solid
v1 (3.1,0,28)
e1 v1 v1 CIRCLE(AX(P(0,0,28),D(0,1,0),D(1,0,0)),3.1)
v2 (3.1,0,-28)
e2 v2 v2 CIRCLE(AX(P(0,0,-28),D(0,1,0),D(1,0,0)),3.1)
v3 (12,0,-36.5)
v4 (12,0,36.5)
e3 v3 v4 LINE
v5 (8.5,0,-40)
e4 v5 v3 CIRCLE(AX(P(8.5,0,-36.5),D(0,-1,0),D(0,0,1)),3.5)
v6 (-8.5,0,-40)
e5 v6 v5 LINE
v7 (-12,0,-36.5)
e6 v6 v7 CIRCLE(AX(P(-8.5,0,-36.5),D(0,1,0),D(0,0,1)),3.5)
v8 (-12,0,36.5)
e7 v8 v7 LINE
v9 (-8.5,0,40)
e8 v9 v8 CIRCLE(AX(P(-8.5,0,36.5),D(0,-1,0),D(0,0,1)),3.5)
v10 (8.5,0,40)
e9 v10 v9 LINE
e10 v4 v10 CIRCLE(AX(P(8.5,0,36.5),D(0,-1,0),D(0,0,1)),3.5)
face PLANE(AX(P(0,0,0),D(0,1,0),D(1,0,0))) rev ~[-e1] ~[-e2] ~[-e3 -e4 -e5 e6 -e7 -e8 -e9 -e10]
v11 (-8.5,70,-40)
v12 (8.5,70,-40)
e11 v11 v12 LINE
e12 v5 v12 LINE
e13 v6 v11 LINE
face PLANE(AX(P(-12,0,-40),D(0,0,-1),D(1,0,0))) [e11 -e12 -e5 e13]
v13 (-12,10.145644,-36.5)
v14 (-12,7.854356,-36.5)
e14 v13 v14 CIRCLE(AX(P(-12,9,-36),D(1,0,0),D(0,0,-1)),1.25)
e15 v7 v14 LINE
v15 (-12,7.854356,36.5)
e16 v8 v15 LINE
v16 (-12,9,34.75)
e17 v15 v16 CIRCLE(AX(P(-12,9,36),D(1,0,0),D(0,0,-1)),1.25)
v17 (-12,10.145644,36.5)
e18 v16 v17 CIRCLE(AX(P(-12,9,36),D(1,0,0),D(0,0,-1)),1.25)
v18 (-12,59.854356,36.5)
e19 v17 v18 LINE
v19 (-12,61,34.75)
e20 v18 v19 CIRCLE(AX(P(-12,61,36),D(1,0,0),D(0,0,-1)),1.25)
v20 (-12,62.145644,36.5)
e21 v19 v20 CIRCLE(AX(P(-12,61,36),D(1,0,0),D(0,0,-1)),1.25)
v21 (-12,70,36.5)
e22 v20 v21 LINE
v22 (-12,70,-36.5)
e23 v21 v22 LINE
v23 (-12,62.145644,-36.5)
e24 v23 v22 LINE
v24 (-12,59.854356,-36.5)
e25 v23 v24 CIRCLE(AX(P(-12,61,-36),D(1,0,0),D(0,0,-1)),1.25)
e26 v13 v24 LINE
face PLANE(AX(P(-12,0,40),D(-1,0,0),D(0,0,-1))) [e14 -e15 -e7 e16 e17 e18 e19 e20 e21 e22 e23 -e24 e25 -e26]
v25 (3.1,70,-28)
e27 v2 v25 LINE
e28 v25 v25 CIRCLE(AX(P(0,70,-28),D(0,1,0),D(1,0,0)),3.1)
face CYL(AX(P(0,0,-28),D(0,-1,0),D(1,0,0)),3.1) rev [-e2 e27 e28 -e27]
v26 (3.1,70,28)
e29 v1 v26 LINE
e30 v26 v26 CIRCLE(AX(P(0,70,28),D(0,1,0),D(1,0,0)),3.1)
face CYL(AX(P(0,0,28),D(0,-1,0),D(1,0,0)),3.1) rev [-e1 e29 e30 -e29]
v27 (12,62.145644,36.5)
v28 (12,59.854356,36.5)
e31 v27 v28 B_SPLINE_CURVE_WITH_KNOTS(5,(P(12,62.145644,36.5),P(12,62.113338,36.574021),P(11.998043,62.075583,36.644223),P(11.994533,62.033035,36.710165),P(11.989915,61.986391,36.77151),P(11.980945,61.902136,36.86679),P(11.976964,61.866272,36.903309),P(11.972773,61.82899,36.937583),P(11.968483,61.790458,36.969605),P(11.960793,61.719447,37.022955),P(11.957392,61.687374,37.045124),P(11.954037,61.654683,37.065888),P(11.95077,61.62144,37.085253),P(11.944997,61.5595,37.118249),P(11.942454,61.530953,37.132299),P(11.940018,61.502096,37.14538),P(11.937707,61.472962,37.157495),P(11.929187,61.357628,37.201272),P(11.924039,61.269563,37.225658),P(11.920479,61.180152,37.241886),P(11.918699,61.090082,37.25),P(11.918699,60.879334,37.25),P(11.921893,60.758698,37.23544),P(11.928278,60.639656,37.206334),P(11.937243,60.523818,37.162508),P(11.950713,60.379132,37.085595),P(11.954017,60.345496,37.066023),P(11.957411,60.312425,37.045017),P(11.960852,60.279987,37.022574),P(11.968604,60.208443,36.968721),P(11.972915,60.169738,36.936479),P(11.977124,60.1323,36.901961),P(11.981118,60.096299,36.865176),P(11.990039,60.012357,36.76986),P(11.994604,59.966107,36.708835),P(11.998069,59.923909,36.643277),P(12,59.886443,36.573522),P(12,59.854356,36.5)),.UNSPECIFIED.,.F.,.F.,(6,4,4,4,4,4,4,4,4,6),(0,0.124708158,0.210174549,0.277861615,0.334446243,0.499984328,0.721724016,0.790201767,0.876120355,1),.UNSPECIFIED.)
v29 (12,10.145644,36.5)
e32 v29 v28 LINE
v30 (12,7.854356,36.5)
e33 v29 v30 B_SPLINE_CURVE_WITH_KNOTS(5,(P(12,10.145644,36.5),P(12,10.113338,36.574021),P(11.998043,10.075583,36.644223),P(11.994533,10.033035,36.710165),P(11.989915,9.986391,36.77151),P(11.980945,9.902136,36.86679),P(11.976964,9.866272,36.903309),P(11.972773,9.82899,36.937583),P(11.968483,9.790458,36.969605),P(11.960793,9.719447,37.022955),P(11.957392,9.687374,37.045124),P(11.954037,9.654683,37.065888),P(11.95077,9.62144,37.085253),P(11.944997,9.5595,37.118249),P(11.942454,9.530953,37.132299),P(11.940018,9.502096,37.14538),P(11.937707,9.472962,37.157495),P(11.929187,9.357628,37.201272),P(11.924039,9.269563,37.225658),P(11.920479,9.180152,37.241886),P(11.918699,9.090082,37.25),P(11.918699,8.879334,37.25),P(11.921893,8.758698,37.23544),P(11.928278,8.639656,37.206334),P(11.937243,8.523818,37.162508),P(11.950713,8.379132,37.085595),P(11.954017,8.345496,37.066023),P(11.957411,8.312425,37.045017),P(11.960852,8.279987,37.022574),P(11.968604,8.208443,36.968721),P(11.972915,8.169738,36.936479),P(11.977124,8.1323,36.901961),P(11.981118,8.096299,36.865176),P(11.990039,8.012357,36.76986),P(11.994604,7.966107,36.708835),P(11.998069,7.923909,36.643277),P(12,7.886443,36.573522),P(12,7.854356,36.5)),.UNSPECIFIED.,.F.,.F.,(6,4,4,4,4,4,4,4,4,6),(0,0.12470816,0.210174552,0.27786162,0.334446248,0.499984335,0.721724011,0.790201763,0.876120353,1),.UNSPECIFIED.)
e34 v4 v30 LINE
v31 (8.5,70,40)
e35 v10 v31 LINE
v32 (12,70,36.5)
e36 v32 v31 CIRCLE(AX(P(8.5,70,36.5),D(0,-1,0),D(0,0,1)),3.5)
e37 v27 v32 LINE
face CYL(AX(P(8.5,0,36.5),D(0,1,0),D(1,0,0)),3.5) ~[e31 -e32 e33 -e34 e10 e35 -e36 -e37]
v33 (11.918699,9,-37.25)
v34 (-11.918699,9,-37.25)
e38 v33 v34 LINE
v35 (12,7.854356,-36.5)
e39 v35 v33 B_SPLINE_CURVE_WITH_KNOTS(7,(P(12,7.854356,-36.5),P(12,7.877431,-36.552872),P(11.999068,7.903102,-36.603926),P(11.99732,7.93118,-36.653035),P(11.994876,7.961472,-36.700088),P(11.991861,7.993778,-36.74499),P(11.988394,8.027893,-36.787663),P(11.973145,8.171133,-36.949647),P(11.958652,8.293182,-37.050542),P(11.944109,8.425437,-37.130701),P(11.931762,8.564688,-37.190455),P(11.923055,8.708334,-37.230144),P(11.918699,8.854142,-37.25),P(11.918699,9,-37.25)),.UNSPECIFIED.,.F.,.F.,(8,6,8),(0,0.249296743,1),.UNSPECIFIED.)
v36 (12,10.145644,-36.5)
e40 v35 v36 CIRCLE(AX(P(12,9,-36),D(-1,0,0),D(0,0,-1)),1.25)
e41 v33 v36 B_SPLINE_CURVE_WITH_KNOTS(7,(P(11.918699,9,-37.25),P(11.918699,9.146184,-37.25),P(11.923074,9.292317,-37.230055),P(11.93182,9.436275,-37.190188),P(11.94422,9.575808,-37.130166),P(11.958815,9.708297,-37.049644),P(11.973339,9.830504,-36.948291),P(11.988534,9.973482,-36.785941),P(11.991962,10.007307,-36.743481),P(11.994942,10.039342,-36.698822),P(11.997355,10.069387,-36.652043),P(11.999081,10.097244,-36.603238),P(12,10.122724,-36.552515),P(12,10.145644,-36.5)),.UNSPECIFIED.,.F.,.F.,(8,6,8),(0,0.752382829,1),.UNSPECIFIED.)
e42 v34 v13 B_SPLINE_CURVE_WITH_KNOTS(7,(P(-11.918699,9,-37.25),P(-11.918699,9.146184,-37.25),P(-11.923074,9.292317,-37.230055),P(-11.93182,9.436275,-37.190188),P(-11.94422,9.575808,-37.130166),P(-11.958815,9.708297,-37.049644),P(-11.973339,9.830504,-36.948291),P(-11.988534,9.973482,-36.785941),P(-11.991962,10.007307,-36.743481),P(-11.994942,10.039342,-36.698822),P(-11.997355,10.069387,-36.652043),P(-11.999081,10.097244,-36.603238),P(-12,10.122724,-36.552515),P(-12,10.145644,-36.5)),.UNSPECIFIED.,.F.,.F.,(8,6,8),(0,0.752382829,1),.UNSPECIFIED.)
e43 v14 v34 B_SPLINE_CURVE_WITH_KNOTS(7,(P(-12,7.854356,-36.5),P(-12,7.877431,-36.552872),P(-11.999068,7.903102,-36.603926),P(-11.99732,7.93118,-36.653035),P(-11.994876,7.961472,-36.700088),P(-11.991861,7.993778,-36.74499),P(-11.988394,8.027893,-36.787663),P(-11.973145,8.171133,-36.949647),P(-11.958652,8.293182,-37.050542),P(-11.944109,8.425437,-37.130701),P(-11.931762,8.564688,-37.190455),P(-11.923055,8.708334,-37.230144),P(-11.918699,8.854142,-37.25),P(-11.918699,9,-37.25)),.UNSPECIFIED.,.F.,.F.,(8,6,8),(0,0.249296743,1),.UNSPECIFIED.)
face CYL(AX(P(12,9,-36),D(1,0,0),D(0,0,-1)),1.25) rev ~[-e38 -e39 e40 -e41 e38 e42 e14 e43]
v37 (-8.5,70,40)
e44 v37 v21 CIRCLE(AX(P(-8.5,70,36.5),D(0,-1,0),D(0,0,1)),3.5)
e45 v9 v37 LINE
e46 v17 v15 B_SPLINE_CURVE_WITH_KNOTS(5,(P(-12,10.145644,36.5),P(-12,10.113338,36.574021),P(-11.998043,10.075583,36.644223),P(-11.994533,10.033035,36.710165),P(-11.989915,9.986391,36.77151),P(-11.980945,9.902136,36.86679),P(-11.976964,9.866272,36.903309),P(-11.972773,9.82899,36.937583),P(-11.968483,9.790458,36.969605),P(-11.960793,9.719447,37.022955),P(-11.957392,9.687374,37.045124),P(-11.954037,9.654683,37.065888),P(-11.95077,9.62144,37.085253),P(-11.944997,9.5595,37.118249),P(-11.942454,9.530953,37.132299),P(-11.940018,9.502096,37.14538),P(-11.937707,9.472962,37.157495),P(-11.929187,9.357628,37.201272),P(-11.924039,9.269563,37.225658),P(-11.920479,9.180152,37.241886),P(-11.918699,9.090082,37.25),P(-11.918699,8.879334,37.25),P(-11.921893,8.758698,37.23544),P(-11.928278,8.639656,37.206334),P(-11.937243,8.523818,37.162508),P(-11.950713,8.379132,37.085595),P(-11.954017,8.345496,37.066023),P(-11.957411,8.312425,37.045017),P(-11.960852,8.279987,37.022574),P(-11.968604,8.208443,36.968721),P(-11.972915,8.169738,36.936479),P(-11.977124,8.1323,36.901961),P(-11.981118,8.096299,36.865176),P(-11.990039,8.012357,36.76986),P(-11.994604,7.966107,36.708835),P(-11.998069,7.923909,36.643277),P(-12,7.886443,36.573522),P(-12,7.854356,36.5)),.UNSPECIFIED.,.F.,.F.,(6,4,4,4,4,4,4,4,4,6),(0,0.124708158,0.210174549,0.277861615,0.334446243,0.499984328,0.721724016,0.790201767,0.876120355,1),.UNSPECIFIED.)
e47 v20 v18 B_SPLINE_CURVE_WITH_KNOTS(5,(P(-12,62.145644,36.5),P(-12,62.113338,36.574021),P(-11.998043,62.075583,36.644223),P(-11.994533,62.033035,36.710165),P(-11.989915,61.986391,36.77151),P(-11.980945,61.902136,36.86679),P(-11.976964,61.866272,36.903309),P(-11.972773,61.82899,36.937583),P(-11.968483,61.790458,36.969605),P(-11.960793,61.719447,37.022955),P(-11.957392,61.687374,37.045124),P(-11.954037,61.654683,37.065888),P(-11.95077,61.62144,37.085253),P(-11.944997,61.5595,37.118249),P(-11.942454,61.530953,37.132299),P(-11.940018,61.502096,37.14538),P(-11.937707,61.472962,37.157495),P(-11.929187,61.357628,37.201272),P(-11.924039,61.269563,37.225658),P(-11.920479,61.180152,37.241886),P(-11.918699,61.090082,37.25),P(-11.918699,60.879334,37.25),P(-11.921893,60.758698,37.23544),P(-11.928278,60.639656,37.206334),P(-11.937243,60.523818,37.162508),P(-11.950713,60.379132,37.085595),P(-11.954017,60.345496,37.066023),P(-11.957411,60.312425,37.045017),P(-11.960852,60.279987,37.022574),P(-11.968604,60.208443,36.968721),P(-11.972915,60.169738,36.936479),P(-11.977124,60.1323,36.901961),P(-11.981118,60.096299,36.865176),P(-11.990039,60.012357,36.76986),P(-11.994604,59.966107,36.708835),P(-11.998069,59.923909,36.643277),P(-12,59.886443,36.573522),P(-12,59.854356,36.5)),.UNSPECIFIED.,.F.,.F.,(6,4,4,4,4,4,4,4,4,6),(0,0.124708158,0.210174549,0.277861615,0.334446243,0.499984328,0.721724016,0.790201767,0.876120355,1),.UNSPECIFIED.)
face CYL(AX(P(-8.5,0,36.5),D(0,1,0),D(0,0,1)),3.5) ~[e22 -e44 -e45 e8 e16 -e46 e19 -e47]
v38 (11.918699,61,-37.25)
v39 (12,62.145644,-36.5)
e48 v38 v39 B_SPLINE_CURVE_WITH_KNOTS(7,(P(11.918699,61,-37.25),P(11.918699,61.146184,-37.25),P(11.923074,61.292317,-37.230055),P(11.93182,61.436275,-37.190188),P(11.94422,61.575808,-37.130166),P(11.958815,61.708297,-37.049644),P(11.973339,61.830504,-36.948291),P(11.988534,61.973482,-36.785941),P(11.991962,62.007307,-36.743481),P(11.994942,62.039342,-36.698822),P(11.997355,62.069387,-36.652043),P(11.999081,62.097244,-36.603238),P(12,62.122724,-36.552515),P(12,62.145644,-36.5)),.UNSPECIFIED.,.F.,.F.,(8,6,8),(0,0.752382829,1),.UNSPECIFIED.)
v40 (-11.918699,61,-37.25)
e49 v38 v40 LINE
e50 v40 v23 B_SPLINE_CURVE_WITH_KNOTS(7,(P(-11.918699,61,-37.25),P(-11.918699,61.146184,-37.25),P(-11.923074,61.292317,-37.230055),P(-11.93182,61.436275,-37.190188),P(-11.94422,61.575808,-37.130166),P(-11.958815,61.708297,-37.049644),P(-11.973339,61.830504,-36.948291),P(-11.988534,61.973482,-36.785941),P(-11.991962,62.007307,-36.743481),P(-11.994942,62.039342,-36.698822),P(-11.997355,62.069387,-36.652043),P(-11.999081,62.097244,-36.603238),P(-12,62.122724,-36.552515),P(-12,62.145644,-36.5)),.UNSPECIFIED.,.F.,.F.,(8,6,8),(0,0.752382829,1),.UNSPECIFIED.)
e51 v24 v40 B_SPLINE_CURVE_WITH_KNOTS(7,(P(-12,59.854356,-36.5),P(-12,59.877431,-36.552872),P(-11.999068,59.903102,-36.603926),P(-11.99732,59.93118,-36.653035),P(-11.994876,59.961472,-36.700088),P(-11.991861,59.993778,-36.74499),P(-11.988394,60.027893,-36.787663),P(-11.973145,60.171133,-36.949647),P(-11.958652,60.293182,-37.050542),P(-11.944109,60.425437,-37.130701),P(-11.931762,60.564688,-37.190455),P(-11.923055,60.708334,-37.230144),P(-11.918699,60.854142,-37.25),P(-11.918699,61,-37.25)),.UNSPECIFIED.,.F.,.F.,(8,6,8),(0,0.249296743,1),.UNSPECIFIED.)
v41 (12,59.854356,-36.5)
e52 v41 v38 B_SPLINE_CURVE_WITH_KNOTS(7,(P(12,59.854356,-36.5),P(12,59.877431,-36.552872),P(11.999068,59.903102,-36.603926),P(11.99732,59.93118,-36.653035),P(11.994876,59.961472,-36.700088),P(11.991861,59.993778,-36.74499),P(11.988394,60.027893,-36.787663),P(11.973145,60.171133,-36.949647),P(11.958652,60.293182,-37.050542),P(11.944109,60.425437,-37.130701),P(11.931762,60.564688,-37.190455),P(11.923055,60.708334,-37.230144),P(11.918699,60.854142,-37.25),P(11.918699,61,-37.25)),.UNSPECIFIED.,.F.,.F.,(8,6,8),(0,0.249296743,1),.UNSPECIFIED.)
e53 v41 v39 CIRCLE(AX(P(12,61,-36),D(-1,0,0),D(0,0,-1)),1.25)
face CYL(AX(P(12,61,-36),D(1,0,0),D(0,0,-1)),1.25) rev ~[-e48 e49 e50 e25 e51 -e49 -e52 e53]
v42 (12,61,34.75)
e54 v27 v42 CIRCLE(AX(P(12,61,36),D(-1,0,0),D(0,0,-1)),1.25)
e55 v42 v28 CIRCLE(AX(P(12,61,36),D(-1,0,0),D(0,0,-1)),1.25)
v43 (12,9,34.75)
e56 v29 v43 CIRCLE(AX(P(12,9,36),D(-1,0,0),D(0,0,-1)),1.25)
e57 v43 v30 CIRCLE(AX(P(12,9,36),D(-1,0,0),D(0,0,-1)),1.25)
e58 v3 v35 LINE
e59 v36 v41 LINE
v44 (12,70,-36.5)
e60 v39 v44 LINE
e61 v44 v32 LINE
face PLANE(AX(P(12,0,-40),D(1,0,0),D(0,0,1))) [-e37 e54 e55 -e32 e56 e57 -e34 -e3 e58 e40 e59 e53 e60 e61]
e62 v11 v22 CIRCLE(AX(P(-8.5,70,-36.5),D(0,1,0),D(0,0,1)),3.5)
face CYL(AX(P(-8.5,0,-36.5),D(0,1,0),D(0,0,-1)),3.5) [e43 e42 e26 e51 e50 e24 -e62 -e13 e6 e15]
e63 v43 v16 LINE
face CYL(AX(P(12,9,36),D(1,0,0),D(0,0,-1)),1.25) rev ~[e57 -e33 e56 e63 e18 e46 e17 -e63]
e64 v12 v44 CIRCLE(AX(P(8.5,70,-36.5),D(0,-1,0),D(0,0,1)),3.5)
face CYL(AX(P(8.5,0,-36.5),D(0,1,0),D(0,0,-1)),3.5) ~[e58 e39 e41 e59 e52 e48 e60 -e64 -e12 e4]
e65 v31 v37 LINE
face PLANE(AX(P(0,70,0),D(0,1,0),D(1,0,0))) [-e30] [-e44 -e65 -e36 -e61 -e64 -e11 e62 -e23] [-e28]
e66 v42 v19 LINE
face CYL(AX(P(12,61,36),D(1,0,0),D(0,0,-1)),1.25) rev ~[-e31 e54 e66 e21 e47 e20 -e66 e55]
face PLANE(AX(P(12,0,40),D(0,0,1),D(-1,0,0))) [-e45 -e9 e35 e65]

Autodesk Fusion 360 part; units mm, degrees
sketch "Sketch1" plane through (0, 0, 0) normal (0, 1, 0) x (1, 0, 0)
  line L0 (-12, 40) -> (12, 40)
  line L1 (12, 40) -> (12, -40)
  line L2 (12, -40) -> (-12, -40)
  line L3 (-12, -40) -> (-12, 40)
  line L4 (-50, 0) -> (40, 0) construction
  line L5 (0, 60) -> (0, -56.3927) construction
  circle A0 centre (0, -28) radius 3.1
  circle A1 centre (0, 28) radius 3.1
  dimension "d1" = 24
  dimension "d2" = 80
  dimension "d3" = 12
  dimension "d4" = 40
  dimension "d5" = 6.2
  dimension "d6" = 12
  dimension "d7" = 12
extrude "Extrude1" add sketch "Sketch1" along normal blind 70
fillet "Fillet1" radius 3.5 4 edges at (-12, 35, 40) (-12, 35, -40) (12, 35, -40) (12, 35, 40)
sketch "Sketch3" plane through (12, 0, 0) normal (1, 0, 0) x (0, 0, -1)
  line L0 (-36.5, 70) -> (-36.5, 0)
  line L1 (-36.5, 0) -> (36.5, 0)
  line L2 (36.5, 0) -> (36.5, 70)
  line L3 (36.5, 70) -> (-36.5, 70)
  line L4 (36, 9) -> (-36, 9)
  line L5 (-36, 9) -> (-36, 61)
  line L6 (-36, 61) -> (36, 61)
  line L7 (36, 61) -> (36, 9)
  line L8 (36, 9) -> (-36, 61) construction
  line L9 (-36, 9) -> (36, 61) construction
  circle A0 centre (-36, 61) radius 1.25
  circle A1 centre (36, 61) radius 1.25
  circle A2 centre (-36, 9) radius 1.25
  circle A3 centre (36, 9) radius 1.25
  point P0 (0, 35)
  dimension "d12" = 72
  dimension "d13" = 52
  dimension "d14" = 36.5
  dimension "d15" = 73
  dimension "d16" = 2.5
  dimension "d17" = 2.5
  dimension "d18" = 2.5
  dimension "d19" = 2.5
  dimension "d20" = 70
  dimension "d21" = 35
extrude "Extrude2" cut sketch "Sketch3" against normal blind 24 contours L0 L5 L6 A0 | L0 A0 | L5 L6 A0 | L2 A1 | L2 L6 L7 A1 | L0 L4 L5 A2 | L0 A2 | L6 L7 A1 | L4 L5 A2 | L2 A3 | L2 L4 L7 A3 | L4 L7 A3
equation "d3 = d1 / 2"
equation "d4 = d2 / 2"
equation "d7 = d6"
equation "d14 = d15 / 2"
equation "d17 = d16"
equation "d18 = d16"
equation "d19 = d16"
equation "d21 = d20 / 2"
